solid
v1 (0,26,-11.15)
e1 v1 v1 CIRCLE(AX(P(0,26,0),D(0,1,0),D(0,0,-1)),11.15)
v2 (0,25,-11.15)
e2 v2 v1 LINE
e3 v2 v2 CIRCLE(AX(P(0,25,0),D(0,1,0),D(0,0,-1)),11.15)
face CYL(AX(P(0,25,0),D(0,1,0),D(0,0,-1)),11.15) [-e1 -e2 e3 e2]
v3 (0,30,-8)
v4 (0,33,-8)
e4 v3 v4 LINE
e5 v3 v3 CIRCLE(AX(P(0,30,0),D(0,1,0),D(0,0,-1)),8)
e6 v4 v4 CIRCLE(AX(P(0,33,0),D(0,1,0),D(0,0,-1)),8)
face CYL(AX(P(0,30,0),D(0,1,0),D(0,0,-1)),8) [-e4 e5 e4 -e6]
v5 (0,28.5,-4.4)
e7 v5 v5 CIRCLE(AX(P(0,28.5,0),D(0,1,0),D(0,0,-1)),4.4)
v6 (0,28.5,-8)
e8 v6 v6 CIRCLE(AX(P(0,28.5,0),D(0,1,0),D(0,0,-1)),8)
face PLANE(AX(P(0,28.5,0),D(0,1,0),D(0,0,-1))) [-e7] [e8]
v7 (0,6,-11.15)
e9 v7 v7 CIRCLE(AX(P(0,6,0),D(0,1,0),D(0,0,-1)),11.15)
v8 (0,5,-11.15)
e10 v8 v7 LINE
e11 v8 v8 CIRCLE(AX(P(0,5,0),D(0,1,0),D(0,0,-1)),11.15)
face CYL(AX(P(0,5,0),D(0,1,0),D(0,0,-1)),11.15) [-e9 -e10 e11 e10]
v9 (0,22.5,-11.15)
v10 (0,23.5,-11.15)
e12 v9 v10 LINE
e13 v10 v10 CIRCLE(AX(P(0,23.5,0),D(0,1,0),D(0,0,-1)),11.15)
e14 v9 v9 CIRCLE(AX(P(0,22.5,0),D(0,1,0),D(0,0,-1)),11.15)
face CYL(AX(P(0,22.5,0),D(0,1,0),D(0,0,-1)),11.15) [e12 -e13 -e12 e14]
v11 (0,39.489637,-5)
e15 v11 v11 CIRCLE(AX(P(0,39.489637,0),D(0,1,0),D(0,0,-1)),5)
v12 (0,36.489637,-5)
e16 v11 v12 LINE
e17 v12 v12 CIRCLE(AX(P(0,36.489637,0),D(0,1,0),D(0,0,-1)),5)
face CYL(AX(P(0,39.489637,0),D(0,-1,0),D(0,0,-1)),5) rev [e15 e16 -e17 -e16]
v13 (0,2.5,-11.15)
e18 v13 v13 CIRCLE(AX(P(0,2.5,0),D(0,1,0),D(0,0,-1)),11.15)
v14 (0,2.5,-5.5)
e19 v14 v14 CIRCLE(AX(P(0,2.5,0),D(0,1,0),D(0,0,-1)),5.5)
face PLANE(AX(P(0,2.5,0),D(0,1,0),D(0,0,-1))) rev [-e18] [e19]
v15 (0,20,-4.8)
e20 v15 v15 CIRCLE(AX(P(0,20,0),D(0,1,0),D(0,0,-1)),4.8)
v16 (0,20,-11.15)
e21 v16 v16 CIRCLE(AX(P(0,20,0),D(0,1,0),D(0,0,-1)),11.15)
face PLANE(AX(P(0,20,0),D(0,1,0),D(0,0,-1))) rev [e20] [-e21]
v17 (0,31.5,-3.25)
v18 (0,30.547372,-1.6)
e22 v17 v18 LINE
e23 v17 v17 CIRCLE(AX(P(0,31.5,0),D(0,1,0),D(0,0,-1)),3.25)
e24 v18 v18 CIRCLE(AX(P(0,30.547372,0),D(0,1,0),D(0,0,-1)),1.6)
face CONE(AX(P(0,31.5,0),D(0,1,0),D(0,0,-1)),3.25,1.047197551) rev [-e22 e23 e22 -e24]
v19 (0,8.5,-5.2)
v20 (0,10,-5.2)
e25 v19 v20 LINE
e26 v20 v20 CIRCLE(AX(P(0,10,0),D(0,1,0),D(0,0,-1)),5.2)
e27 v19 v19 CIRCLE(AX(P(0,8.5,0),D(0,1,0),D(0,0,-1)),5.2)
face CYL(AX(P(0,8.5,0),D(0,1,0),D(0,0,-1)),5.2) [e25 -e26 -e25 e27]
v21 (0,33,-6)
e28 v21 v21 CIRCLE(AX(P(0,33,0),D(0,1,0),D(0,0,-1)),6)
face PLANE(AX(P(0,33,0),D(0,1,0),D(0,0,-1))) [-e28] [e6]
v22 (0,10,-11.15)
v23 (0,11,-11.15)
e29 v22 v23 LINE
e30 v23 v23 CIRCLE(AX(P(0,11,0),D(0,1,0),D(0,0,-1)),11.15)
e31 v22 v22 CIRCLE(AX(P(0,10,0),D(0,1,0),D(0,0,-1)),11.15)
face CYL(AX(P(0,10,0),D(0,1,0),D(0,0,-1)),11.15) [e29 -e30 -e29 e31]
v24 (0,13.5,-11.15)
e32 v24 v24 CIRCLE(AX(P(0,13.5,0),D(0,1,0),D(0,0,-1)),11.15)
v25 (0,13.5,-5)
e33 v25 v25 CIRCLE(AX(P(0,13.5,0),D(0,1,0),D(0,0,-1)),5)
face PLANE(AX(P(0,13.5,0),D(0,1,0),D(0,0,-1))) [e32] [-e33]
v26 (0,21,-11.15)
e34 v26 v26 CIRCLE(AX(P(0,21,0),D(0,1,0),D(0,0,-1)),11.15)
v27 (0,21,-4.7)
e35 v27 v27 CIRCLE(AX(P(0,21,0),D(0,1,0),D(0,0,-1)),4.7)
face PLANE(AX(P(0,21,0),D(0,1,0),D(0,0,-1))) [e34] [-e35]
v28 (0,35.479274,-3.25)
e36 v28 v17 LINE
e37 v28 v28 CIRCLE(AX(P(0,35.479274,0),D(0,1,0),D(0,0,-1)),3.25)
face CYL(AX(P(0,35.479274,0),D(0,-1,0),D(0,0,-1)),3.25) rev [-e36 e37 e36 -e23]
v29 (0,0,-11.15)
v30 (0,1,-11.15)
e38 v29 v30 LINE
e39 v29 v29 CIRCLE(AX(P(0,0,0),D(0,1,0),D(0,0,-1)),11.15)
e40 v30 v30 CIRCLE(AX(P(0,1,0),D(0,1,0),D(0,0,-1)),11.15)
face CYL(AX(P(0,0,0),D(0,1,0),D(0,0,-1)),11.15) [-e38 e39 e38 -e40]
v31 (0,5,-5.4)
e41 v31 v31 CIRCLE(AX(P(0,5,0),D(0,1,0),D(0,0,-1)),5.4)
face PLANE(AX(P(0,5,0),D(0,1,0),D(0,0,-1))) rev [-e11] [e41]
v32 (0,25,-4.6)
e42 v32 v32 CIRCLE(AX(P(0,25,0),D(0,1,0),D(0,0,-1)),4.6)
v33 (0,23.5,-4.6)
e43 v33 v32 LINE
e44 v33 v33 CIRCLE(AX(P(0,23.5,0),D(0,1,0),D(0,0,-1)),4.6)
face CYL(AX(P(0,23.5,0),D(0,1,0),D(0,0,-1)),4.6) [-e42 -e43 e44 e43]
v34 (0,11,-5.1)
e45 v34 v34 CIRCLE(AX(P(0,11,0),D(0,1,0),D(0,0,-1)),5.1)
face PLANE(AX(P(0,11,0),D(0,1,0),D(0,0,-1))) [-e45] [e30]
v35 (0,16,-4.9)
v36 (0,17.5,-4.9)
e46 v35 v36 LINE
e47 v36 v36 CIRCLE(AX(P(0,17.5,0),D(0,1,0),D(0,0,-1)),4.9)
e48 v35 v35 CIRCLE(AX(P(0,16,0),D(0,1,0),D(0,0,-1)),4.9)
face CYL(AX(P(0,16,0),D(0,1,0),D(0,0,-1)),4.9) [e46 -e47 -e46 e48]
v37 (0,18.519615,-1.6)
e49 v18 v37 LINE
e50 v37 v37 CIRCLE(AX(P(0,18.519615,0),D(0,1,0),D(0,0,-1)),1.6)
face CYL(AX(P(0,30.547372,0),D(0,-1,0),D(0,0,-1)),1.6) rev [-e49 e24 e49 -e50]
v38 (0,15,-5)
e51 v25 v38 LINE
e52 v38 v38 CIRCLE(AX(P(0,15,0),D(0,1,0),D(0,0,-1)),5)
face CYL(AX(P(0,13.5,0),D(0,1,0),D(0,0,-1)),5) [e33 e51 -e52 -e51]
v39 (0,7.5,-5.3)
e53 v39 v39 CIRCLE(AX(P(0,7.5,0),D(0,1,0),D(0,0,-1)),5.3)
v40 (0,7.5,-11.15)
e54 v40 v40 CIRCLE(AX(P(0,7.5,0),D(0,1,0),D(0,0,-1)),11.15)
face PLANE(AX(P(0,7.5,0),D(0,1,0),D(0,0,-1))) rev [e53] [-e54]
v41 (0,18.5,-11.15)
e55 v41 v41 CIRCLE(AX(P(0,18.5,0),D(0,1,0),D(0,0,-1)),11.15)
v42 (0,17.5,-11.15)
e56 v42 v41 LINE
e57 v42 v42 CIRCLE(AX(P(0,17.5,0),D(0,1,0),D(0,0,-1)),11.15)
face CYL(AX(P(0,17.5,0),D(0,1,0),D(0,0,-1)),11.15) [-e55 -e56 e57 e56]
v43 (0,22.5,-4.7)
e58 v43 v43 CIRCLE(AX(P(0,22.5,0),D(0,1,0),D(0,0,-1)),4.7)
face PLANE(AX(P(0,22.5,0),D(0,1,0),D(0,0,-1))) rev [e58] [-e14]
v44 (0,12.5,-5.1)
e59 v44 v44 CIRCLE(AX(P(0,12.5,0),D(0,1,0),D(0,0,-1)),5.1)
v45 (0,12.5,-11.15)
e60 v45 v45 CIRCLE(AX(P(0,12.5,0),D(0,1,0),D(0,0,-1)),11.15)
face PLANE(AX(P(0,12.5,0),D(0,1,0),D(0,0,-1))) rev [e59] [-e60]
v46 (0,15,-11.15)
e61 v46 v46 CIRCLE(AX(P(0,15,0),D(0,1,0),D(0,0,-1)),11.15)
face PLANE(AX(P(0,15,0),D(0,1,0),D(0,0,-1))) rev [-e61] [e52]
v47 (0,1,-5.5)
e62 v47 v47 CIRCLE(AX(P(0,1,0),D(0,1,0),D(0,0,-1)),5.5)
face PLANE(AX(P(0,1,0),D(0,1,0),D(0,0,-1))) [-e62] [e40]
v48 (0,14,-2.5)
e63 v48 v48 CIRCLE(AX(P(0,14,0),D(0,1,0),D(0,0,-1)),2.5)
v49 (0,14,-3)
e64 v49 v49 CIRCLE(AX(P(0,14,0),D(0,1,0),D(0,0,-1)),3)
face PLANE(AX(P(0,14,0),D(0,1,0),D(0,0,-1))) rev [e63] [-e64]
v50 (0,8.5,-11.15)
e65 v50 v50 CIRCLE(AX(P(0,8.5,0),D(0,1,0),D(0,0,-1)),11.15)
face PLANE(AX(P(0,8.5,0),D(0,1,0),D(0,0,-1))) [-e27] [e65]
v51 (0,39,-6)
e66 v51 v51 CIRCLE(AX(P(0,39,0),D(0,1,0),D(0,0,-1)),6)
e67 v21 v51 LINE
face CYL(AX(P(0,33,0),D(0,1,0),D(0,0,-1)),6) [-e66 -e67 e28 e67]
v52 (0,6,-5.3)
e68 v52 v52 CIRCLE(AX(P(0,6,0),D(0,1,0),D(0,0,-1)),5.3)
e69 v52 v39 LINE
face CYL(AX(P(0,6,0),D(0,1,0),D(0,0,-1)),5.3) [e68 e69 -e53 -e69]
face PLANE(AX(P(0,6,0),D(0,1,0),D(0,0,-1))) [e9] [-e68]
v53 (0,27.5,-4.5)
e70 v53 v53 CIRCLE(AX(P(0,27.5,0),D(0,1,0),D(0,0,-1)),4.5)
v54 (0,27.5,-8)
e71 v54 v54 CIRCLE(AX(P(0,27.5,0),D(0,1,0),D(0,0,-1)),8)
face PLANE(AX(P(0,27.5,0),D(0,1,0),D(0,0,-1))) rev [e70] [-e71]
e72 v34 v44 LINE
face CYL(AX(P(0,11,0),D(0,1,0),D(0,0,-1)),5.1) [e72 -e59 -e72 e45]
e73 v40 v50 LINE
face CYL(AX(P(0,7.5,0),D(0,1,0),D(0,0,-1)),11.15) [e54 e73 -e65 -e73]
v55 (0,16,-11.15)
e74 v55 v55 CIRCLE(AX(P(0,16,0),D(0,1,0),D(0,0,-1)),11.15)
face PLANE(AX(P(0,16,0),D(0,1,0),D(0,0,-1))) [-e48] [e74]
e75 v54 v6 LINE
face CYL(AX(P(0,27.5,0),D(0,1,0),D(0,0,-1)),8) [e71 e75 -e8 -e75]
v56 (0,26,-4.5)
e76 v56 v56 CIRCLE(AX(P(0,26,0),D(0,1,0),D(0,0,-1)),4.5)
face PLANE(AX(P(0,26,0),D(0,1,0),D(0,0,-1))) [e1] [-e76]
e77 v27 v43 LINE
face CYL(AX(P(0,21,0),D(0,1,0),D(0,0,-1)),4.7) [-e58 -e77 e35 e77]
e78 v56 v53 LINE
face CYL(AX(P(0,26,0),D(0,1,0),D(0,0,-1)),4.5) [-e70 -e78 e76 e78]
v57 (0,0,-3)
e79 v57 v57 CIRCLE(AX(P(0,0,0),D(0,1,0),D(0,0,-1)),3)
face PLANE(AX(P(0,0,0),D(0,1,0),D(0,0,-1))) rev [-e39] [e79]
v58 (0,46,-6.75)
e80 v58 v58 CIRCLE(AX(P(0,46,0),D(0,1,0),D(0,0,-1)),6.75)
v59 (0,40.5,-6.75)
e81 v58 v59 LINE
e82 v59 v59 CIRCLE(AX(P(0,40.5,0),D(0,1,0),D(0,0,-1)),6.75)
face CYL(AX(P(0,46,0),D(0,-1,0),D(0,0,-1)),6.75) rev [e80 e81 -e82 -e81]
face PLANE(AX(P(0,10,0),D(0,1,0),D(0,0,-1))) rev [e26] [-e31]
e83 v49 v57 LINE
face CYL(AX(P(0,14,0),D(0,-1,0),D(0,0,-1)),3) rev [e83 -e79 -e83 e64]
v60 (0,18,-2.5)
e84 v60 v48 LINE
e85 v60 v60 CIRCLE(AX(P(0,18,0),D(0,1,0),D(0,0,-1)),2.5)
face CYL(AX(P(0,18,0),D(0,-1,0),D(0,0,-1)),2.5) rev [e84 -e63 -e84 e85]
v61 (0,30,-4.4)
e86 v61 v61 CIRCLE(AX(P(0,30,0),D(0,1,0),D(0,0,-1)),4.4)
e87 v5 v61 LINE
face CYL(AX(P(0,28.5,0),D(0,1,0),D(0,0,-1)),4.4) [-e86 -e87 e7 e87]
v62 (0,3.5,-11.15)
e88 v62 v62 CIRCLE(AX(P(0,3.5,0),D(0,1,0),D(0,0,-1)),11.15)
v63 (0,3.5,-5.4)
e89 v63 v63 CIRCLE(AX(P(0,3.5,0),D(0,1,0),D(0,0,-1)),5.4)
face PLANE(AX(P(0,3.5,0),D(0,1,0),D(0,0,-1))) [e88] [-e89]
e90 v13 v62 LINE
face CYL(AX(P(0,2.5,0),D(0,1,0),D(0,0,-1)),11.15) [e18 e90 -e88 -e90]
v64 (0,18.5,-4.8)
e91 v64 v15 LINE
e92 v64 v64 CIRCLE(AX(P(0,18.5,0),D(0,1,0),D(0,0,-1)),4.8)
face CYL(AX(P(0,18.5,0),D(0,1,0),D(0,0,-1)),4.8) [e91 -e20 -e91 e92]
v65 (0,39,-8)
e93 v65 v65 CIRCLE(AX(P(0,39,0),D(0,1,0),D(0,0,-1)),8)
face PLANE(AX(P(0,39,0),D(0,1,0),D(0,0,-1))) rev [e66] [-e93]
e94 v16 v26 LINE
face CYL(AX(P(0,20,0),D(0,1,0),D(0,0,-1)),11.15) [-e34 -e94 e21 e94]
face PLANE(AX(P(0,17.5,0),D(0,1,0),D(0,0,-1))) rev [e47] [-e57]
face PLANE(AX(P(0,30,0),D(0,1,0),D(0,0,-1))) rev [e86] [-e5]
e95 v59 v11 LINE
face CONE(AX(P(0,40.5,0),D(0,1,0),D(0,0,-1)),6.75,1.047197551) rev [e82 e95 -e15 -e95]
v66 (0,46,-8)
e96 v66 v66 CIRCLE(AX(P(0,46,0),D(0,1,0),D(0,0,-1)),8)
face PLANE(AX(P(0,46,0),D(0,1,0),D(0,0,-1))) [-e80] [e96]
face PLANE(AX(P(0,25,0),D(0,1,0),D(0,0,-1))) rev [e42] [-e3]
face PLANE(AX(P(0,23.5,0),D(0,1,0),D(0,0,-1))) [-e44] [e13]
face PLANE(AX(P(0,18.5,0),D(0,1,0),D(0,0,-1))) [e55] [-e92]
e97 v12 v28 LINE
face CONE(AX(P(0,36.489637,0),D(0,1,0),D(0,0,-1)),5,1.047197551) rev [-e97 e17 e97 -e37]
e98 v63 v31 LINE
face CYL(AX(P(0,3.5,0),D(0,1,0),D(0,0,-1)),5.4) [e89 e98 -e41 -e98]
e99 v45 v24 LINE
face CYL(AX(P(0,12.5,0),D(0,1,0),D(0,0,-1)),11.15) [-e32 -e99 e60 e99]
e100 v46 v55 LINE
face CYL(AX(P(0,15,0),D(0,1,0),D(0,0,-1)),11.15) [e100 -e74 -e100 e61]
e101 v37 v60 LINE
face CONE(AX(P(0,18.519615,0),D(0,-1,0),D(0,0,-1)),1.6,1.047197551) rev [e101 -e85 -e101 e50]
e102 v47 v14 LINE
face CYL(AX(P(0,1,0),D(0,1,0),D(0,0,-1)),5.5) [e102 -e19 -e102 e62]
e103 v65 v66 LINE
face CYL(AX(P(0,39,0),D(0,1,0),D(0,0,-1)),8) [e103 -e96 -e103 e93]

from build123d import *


with BuildPart() as part:
    # Sketch1 → Revolve1 (revolve)
    with BuildSketch(Plane.XY, mode=Mode.PRIVATE) as revolve1_sk:
        Polygon((0, 0), (11.15, 0), (11.15, 1), (5.5, 1), (5.5, 2.5), (11.15, 2.5), (11.15, 3.5), (5.4, 3.5), (5.4, 5), (11.15, 5), (11.15, 6), (5.3, 6), (5.3, 7.5), (11.15, 7.5), (11.15, 8.5), (5.2, 8.5), (5.2, 10), (11.15, 10), (11.15, 11), (5.1, 11), (5.1, 12.5), (11.15, 12.5), (11.15, 13.5), (5, 13.5), (5, 15), (11.15, 15), (11.15, 16), (4.9, 16), (4.9, 17.5), (11.15, 17.5), (11.15, 18.5), (4.8, 18.5), (4.8, 20), (11.15, 20), (11.15, 21), (4.7, 21), (4.7, 22.5), (11.15, 22.5), (11.15, 23.5), (4.6, 23.5), (4.6, 25), (11.15, 25), (11.15, 26), (4.5, 26), (4.5, 27.5), (8, 27.5), (8, 28.5), (4.4, 28.5), (4.4, 30), (8, 30), (8, 33), (6, 33), (6, 39), (8, 39), (8, 46), (0, 46), align=None)
    revolve(revolve1_sk.sketch.rotate(Axis((0, 0, 0), (0, 1, 0)), 90), axis=Axis((0, 0, 0), (0, 1, 0)))

    # Sketch2 → Cut-Revolve1 (revolve, cut)
    with BuildSketch(Plane.XY, mode=Mode.PRIVATE) as cut_revolve1_sk:
        Polygon((0, 46), (6.75, 46), (6.75, 40.5), (5, 39.489637029), (5, 36.489637029), (3.25, 35.479274058), (3.25, 31.5), (1.6, 30.547372056), (1.6, 18.519615242), (2.5, 18), (2.5, 14), (3, 14), (3, 0), (0, 0), align=None)
    revolve(cut_revolve1_sk.sketch.rotate(Axis((0, 0, 0), (0, 1, 0)), 90), axis=Axis((0, 0, 0), (0, 1, 0)), mode=Mode.SUBTRACT)


solid = part.part
